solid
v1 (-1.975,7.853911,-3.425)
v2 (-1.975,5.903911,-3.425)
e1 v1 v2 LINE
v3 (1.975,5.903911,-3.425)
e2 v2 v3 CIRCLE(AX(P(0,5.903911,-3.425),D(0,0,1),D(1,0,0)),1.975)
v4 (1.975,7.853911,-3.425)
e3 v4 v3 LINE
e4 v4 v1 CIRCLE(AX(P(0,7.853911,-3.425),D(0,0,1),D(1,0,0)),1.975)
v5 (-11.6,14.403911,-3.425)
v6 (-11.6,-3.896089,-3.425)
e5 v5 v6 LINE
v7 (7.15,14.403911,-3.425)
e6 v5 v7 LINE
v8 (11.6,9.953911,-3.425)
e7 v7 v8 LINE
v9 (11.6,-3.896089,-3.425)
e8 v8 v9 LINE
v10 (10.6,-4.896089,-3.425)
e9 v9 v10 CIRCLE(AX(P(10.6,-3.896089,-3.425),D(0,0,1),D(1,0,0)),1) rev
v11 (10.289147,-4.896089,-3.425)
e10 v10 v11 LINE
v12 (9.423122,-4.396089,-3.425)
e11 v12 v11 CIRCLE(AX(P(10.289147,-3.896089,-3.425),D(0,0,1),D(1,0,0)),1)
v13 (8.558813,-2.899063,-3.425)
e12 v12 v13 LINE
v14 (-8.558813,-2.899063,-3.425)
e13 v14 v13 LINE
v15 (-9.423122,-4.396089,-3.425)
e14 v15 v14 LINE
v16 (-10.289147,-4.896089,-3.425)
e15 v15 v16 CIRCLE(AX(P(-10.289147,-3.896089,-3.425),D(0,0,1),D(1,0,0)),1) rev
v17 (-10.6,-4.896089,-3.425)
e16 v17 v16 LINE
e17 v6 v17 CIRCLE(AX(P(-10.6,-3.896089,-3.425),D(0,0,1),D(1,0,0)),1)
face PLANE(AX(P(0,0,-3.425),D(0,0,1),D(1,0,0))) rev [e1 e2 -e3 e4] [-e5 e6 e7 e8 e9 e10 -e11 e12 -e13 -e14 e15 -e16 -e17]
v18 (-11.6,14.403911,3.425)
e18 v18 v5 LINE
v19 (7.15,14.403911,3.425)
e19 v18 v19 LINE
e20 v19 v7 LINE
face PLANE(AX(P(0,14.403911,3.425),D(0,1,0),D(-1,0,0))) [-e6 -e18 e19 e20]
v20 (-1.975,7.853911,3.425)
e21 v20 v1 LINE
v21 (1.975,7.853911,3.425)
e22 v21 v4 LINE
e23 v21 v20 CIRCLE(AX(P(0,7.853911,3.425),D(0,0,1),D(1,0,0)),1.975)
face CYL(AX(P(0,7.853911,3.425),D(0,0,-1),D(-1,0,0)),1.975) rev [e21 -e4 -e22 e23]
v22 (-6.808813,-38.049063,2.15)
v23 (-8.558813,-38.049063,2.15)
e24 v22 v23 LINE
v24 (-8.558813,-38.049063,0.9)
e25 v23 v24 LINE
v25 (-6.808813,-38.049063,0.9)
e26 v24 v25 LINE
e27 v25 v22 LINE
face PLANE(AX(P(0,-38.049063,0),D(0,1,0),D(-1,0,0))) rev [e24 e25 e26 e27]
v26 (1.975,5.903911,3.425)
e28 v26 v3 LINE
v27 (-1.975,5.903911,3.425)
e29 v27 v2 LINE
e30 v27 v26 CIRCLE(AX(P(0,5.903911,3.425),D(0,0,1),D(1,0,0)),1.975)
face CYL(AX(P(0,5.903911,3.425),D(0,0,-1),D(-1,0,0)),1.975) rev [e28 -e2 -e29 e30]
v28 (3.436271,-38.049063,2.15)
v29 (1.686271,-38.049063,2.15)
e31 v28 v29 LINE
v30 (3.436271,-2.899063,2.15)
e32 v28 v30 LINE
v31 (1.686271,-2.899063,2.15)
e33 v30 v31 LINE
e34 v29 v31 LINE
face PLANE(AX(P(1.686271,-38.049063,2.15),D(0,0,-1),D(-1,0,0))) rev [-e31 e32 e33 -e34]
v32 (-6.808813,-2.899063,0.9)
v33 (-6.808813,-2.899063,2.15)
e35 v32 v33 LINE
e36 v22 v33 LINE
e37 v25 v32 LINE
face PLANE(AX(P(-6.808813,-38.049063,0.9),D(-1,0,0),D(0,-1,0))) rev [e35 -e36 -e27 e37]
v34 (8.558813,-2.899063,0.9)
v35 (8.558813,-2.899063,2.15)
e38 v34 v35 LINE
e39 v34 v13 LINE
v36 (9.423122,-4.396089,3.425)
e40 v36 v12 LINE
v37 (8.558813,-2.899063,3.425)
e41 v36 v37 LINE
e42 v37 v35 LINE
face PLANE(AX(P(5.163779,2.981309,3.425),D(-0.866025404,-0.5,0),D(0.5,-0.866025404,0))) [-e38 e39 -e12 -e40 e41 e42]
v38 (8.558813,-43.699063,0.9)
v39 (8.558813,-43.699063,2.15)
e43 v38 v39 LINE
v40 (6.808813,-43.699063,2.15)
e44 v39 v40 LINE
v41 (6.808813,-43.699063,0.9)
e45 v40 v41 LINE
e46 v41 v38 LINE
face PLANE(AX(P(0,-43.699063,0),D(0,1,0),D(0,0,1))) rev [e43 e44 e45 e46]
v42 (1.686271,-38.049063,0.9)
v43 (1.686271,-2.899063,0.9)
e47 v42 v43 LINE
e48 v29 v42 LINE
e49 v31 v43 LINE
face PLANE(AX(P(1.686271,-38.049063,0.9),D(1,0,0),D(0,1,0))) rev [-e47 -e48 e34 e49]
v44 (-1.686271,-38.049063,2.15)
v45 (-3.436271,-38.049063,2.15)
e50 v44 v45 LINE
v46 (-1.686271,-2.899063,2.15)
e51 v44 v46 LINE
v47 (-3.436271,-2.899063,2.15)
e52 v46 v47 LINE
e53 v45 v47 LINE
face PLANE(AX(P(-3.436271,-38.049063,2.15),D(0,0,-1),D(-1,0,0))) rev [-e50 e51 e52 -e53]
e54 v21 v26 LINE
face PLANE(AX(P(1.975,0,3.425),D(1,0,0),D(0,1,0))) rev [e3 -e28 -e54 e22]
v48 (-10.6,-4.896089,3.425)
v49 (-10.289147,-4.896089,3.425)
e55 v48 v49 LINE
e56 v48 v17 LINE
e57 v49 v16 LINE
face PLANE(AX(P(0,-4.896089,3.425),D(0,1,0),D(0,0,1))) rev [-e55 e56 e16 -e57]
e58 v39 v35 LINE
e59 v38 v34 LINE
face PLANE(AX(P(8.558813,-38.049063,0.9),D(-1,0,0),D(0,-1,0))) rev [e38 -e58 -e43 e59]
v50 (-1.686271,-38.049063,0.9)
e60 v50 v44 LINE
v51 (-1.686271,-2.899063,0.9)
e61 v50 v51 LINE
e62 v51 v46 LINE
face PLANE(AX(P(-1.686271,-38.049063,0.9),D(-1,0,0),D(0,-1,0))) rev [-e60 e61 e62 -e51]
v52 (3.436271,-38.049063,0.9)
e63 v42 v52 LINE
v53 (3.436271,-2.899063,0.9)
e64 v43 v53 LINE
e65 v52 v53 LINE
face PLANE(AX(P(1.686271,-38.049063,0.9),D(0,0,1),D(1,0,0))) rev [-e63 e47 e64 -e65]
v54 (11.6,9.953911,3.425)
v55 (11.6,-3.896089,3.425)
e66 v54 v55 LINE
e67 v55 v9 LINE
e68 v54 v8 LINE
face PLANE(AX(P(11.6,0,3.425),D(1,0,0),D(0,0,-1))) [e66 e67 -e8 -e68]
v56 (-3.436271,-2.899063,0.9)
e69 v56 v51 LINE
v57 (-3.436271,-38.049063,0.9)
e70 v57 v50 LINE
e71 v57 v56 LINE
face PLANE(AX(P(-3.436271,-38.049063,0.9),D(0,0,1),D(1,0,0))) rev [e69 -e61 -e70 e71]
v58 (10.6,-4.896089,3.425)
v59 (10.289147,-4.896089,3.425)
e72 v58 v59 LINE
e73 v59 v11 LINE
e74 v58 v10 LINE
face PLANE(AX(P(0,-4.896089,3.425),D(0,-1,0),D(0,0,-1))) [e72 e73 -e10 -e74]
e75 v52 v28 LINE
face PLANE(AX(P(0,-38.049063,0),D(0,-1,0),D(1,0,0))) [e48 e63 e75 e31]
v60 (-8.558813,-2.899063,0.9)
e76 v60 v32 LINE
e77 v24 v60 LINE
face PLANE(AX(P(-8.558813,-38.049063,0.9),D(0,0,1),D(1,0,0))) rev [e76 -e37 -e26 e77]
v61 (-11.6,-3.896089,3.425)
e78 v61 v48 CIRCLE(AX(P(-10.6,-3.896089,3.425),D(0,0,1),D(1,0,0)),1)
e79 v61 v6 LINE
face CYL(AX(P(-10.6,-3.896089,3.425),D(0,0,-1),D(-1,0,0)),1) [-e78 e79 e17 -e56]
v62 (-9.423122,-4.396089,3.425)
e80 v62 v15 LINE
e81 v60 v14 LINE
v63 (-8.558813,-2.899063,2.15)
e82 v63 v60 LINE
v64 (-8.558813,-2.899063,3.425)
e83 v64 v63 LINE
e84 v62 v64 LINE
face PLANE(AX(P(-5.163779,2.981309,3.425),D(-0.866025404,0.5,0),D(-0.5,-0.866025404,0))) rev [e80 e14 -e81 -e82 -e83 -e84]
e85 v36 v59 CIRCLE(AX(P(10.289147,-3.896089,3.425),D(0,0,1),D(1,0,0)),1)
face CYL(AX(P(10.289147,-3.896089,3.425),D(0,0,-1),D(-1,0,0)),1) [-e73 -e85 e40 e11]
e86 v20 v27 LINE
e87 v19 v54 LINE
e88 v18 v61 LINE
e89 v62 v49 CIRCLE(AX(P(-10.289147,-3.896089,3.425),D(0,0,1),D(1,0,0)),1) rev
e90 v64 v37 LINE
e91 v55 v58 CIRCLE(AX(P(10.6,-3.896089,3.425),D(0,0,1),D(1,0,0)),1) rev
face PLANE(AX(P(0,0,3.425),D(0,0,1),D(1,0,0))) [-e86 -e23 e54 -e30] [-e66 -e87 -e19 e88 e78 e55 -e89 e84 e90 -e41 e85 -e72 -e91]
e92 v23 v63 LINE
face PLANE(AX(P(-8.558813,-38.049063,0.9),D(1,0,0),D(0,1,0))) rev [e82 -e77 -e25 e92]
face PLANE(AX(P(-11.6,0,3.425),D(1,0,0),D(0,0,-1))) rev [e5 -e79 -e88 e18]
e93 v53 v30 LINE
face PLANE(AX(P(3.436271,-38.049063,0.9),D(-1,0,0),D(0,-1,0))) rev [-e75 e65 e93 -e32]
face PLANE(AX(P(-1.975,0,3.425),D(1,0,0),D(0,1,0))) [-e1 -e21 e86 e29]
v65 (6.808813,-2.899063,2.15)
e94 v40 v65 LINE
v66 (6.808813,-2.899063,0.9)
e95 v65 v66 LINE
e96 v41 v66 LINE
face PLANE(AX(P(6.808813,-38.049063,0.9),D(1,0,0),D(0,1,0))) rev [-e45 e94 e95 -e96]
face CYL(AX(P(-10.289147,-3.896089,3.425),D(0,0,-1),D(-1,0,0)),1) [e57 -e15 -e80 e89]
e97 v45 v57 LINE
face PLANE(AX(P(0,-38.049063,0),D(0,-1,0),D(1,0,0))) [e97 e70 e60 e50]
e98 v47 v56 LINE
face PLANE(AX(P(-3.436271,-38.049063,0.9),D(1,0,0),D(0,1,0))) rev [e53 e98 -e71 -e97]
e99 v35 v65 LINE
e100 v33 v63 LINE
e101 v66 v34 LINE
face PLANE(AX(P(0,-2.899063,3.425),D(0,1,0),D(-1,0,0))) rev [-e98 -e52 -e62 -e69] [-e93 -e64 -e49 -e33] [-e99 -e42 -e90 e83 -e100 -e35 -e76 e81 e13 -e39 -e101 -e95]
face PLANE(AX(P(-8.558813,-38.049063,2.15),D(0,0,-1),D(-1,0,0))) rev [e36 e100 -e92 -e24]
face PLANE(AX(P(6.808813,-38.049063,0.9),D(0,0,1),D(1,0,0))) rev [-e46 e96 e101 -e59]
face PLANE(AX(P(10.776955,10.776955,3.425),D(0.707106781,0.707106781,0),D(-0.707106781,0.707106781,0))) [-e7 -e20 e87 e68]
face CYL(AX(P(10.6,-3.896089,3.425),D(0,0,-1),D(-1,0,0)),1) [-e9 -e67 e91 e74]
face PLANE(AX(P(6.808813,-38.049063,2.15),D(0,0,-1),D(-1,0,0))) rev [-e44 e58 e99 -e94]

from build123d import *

# Parameters (mm, degrees)
BOSS_EXTRUDE1_DEPTH = 3.425
SKETCH2_W           = 1.75
SKETCH2_H           = 1.25
BOSS_EXTRUDE2_DEPTH = 35.15
SKETCH3_W           = 1.75
SKETCH3_H           = 1.25
BOSS_EXTRUDE3_DEPTH = 5.65


with BuildPart() as part:
    # Sketch1 → Boss-Extrude1 (new, symmetric)
    with BuildSketch(Plane.XY):
        with BuildLine():
            Line((7.15, 14.403910503), (-11.6, 14.403910503))
            Line((-11.6, 14.403910503), (-11.6, -2.896089497))
            Line((-11.6, -2.896089497), (-11.6, -3.896089497))
            ThreePointArc((-11.6, -3.896089497), (-11.307106781, -4.603196278), (-10.6, -4.896089497))
            Line((-10.6, -4.896089497), (-10.28914747, -4.896089497))
            ThreePointArc((-10.28914747, -4.896089497), (-9.78914747, -4.762114901), (-9.423122066, -4.396089497))
            Line((-9.423122066, -4.396089497), (-8.558813185, -2.899062602))
            Line((-8.558813185, -2.899062602), (8.558813185, -2.899062602))
            Line((8.558813185, -2.899062602), (9.423122066, -4.396089497))
            ThreePointArc((9.423122066, -4.396089497), (9.78914747, -4.762114901), (10.28914747, -4.896089497))
            Line((10.28914747, -4.896089497), (10.6, -4.896089497))
            ThreePointArc((10.6, -4.896089497), (11.307106781, -4.603196278), (11.6, -3.896089497))
            Line((11.6, -3.896089497), (11.6, -2.896089497))
            Line((11.6, -2.896089497), (11.6, 9.953910503))
            Line((11.6, 9.953910503), (7.15, 14.403910503))
        make_face()
        with BuildLine():
            ThreePointArc((-1.975, 7.853910503), (0, 9.828910503), (1.975, 7.853910503))
            Line((1.975, 7.853910503), (1.975, 5.903910503))
            ThreePointArc((1.975, 5.903910503), (0, 3.928910503), (-1.975, 5.903910503))
            Line((-1.975, 5.903910503), (-1.975, 7.853910503))
        make_face(mode=Mode.SUBTRACT)
    extrude(amount=BOSS_EXTRUDE1_DEPTH, both=True)

    # Sketch2 → Boss-Extrude2 (add)
    with BuildSketch(Plane.XZ.offset(2.899062602)):
        with Locations((-7.683813185, 1.525)):
            Rectangle(SKETCH2_W, SKETCH2_H)
        with Locations((-2.561271062, 1.525)):
            Rectangle(SKETCH2_W, SKETCH2_H)
        with Locations((2.561271062, 1.525)):
            Rectangle(SKETCH2_W, SKETCH2_H)
        with Locations((7.683813185, 1.525)):
            Rectangle(SKETCH2_W, SKETCH2_H)
    extrude(amount=BOSS_EXTRUDE2_DEPTH)

    # Sketch3 → Boss-Extrude3 (add)
    with BuildSketch(Plane.XZ.offset(38.049062602)):
        with Locations((7.683813185, 1.525)):
            Rectangle(SKETCH3_W, SKETCH3_H)
    extrude(amount=BOSS_EXTRUDE3_DEPTH)


solid = part.part
